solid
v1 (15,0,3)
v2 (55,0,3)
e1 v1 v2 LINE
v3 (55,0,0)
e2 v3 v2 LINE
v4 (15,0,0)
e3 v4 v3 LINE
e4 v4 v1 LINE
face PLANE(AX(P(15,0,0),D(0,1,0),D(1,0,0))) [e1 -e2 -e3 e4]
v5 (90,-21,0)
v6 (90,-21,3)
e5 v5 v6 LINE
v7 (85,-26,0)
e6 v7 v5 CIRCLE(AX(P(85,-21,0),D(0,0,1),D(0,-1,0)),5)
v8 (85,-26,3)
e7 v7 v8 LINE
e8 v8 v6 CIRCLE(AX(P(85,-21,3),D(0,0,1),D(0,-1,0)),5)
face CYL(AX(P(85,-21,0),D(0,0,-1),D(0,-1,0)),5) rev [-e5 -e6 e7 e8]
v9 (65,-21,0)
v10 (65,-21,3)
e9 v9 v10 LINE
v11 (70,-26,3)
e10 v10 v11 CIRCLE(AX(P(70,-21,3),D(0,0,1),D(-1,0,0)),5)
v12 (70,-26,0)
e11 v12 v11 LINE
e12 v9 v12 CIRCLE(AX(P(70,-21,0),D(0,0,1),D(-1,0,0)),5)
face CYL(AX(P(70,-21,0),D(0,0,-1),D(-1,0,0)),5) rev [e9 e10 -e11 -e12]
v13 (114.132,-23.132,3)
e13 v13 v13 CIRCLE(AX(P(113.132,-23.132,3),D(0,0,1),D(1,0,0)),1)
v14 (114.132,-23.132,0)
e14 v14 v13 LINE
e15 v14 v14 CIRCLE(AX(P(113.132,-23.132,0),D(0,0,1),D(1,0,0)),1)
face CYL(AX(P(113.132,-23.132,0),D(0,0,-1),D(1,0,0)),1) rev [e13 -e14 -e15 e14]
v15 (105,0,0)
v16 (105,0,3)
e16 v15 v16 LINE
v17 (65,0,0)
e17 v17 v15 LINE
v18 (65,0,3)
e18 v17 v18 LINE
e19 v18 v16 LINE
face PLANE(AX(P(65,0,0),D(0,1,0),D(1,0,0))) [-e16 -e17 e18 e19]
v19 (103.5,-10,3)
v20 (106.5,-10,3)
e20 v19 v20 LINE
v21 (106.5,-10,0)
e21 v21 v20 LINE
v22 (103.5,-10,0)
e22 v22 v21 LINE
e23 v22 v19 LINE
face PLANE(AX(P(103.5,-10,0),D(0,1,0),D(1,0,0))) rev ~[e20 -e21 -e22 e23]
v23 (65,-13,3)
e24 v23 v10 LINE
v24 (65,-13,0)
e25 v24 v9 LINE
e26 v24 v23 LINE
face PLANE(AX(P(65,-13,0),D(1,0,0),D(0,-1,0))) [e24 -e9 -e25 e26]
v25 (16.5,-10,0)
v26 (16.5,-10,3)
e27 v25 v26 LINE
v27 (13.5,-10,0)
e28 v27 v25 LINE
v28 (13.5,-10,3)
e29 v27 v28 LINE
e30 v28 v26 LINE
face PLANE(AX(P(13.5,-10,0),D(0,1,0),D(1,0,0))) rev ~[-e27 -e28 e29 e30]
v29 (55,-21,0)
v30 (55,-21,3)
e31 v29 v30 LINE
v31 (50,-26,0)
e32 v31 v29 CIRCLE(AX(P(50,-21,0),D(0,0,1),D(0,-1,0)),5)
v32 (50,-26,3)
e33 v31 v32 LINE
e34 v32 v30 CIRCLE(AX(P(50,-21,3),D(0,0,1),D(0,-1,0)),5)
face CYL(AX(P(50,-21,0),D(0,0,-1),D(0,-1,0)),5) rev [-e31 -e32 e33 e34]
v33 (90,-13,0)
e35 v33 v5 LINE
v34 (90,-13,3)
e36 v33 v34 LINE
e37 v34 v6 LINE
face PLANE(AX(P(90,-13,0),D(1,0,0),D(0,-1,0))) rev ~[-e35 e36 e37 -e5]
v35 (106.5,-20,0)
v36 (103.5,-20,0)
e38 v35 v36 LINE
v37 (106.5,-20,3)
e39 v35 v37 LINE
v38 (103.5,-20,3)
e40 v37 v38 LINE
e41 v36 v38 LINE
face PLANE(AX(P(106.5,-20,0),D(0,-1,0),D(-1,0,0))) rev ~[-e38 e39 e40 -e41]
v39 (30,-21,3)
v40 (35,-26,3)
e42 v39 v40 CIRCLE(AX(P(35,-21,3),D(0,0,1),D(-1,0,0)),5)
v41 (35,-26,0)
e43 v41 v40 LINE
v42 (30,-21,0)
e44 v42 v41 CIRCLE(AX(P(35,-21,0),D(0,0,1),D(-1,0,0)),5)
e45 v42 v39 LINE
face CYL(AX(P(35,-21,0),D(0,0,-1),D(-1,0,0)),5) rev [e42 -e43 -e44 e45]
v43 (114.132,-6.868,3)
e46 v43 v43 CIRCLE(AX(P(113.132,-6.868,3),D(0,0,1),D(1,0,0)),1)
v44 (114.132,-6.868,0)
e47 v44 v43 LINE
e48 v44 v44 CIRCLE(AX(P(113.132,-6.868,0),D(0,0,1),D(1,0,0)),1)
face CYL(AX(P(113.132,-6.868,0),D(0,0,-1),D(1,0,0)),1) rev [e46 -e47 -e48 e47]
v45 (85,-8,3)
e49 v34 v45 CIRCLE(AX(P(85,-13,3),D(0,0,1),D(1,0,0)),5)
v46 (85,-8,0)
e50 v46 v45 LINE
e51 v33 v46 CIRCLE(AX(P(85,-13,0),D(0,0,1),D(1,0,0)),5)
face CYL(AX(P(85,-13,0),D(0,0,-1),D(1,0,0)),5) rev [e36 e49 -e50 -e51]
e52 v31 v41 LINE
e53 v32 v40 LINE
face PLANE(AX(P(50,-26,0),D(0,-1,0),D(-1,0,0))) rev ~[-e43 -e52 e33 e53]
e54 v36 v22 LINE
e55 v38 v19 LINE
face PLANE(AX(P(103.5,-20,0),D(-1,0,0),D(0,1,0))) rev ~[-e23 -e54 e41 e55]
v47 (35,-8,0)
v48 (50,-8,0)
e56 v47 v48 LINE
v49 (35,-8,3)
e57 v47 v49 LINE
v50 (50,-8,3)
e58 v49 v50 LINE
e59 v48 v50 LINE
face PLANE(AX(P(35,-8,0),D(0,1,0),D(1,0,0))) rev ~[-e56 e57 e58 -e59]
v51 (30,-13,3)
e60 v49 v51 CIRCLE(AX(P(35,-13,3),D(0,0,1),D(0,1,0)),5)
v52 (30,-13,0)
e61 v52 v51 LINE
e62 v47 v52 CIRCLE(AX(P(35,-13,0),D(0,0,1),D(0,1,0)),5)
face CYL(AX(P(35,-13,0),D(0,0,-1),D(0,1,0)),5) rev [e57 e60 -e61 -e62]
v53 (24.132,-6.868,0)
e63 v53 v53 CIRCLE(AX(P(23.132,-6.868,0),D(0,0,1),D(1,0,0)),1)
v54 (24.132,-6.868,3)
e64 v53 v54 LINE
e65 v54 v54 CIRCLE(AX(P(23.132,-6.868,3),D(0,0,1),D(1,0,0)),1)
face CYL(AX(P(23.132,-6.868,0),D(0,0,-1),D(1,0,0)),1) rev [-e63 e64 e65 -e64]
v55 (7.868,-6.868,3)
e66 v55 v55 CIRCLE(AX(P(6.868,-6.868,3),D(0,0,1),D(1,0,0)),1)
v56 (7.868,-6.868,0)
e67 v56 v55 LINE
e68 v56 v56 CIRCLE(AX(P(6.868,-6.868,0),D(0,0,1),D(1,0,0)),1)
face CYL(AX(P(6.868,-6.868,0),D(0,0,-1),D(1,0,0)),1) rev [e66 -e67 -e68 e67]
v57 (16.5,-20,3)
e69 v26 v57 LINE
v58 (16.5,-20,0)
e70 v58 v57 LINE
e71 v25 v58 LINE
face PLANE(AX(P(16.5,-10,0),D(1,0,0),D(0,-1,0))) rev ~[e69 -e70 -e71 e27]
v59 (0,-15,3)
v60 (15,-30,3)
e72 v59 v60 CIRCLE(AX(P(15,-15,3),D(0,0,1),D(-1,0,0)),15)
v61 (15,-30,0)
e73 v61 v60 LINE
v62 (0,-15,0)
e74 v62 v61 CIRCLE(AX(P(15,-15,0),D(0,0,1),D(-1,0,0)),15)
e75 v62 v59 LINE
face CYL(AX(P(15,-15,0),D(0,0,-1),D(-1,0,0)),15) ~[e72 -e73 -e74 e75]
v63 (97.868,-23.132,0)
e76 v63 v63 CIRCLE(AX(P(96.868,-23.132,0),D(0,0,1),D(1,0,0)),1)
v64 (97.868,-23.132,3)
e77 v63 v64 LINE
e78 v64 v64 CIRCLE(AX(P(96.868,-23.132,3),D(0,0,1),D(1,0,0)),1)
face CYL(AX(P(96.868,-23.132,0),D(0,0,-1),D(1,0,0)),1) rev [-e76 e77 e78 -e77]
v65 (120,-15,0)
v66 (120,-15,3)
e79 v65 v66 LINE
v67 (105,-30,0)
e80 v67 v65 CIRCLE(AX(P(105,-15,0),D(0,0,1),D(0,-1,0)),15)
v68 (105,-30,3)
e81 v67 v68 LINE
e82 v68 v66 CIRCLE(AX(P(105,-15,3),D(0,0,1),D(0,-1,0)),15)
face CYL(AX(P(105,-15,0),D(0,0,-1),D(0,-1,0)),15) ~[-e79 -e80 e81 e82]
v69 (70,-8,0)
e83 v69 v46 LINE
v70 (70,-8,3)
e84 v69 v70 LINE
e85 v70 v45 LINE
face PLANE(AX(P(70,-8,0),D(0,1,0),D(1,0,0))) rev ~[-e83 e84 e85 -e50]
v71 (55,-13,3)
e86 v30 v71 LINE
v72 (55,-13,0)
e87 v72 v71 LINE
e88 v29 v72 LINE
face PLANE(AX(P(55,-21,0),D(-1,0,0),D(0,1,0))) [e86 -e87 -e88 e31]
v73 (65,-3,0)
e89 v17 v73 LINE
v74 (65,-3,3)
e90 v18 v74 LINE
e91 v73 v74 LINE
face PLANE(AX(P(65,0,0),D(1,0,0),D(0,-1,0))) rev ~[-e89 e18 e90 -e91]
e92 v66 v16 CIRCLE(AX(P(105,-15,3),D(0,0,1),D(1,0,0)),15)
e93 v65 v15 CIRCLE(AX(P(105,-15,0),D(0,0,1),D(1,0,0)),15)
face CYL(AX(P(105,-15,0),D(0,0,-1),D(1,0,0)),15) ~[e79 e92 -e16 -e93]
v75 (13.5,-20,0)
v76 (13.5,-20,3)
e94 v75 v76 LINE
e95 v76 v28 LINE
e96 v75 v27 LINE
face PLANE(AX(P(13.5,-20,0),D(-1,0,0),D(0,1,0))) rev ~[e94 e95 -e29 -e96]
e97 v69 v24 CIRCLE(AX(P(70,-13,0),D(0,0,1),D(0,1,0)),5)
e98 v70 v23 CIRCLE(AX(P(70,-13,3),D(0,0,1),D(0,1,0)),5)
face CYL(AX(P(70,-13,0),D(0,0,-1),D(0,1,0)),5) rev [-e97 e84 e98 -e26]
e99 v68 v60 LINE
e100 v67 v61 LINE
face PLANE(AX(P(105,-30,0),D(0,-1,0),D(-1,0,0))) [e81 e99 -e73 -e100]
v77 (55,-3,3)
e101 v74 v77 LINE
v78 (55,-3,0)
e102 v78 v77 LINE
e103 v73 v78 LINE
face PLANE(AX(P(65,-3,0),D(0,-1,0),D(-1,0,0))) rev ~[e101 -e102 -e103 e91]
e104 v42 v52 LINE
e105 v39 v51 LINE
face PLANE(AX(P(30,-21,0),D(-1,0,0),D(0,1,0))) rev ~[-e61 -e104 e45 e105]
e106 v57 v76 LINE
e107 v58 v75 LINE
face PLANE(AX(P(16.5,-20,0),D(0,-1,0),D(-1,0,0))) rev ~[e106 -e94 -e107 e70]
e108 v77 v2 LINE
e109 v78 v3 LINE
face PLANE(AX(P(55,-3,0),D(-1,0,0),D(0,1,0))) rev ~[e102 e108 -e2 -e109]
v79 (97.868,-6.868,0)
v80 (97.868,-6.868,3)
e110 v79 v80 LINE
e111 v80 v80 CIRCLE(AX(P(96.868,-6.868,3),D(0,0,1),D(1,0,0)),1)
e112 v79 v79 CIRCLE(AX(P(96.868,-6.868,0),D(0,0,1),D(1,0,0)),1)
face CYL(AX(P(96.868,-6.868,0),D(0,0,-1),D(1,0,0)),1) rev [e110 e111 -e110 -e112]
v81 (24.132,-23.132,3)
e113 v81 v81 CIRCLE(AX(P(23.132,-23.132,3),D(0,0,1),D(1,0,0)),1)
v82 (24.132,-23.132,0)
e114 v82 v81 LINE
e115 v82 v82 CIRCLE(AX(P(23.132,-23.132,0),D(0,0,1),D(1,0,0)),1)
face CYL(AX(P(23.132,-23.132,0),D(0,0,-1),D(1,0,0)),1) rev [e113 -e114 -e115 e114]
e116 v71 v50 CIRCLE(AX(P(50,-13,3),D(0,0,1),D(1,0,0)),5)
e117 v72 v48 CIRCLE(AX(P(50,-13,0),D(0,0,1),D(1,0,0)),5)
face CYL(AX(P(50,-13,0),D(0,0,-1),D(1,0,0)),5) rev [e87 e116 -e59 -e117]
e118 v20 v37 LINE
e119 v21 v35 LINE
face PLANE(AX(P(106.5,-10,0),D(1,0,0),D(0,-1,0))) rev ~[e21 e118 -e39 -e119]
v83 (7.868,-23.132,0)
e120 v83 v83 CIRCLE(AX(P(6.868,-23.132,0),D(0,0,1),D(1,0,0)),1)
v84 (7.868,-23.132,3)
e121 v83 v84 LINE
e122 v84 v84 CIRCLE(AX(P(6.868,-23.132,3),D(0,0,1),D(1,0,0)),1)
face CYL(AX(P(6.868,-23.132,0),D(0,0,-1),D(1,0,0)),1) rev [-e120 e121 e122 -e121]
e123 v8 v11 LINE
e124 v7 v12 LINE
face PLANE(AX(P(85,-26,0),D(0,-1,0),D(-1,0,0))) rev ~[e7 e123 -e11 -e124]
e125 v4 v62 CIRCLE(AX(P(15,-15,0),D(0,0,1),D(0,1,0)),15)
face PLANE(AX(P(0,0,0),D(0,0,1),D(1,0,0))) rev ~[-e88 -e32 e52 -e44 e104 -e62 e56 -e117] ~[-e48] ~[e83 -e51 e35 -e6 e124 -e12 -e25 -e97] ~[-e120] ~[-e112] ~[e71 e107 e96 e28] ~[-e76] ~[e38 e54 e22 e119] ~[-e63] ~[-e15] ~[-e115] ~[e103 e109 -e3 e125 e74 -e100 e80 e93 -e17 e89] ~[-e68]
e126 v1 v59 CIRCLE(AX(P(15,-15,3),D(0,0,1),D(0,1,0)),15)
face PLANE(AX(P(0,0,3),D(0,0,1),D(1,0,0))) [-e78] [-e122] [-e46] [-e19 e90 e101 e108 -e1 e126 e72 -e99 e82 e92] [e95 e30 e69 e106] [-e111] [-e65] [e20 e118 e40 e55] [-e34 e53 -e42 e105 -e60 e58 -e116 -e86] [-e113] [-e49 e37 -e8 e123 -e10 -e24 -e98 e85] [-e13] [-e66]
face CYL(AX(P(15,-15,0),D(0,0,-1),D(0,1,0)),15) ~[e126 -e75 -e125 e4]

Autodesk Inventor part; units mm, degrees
ref_plane "YZ Plane" through (0, 0, 0) normal (1, 0, 0) x (0, 1, 0)
ref_plane "XZ Plane" through (0, 0, 0) normal (0, 1, 0) x (-1, 0, 0)
ref_plane "XY Plane" through (0, 0, 0) normal (0, 0, 1) x (1, 0, 0)
sketch "Sketch1" plane through (0, 0, 0) normal (0, 0, 1) x (1, 0, 0)
  line L0 (120, -15) -> (120, -15)
  line L1 (105, -30) -> (15, -30)
  line L2 (0, -15) -> (0, -15)
  line L3 (13.5, -10) -> (16.5, -10)
  line L4 (16.5, -10) -> (16.5, -20)
  line L5 (16.5, -20) -> (13.5, -20)
  line L6 (13.5, -20) -> (13.5, -10)
  line L7 (103.5, -10) -> (106.5, -10)
  line L8 (106.5, -10) -> (106.5, -20)
  line L9 (106.5, -20) -> (103.5, -20)
  line L10 (103.5, -20) -> (103.5, -10)
  arc A0 (15, 0) -> (0, -15) centre (15, -15) ccw
  arc A1 (0, -15) -> (15, -30) centre (15, -15) ccw
  arc A2 (105, -30) -> (120, -15) centre (105, -15) ccw
  arc A3 (120, -15) -> (105, 0) centre (105, -15) ccw
  line L11 (65, 0) -> (65, -3)
  line L12 (65, -3) -> (55, -3)
  line L13 (55, -3) -> (55, 0)
  line L14 (15, 0) -> (55, 0)
  line L15 (65, 0) -> (105, 0)
  line L16 (90, -13) -> (90, -21)
  line L17 (30, -21) -> (30, -13)
  arc A4 (35, -8) -> (30, -13) centre (35, -13) ccw
  arc A5 (90, -13) -> (85, -8) centre (85, -13) ccw
  arc A6 (85, -26) -> (90, -21) centre (85, -21) ccw
  arc A7 (30, -21) -> (35, -26) centre (35, -21) ccw
  line L18 (65, -13) -> (65, -21)
  line L19 (55, -21) -> (55, -13)
  line L20 (35, -8) -> (50, -8)
  line L21 (70, -8) -> (85, -8)
  line L22 (85, -26) -> (70, -26)
  line L23 (50, -26) -> (35, -26)
  arc A8 (55, -13) -> (50, -8) centre (50, -13) ccw
  arc A9 (50, -26) -> (55, -21) centre (50, -21) ccw
  arc A10 (65, -21) -> (70, -26) centre (70, -21) ccw
  arc A11 (70, -8) -> (65, -13) centre (70, -13) ccw
  circle A12 centre (6.868, -6.868) radius 1
  circle A13 centre (6.868, -23.132) radius 1
  circle A14 centre (23.132, -23.132) radius 1
  circle A15 centre (23.132, -6.868) radius 1
  circle A16 centre (113.132, -6.868) radius 1
  circle A17 centre (96.868, -6.868) radius 1
  circle A18 centre (96.868, -23.132) radius 1
  circle A19 centre (113.132, -23.132) radius 1
  point P0 (0, 0)
  point P1 (120, 0)
  point P2 (0, -30)
  dimension "d0" = 30
  dimension "d1" = 120
  dimension "d2" = 10
  dimension "d3" = 3
  dimension "d4" = 13.5
  dimension "d5" = 10
  dimension "d6" = 87
  dimension "d7" = 3
  dimension "d8" = 10
  dimension "d9" = 10
  dimension "d10" = 15
  dimension "d11" = 10
  dimension "d12" = 55
  dimension "d13" = 3
  dimension "d18" = 30
  dimension "d19" = 30
  dimension "d20" = 5
  dimension "d23" = 25
  dimension "d24" = 25
  dimension "d25" = 5
  dimension "d27" = 8
  dimension "d30" = 2
  dimension "d31" = 8.132
  dimension "d32" = 8.132
  dimension "d35" = 360
  dimension "d37" = 2
  dimension "d40" = 8.132
  dimension "d41" = 8.132
  dimension "d44" = 360
  dimension "d48" = 18
  dimension "d50" = 3
  dimension "d51" = 15
extrude "Extrusion4" add sketch "Sketch1" along normal blind 3
properties part number "OpenROV 2_3 Dev Horizontal Motor Mount"
